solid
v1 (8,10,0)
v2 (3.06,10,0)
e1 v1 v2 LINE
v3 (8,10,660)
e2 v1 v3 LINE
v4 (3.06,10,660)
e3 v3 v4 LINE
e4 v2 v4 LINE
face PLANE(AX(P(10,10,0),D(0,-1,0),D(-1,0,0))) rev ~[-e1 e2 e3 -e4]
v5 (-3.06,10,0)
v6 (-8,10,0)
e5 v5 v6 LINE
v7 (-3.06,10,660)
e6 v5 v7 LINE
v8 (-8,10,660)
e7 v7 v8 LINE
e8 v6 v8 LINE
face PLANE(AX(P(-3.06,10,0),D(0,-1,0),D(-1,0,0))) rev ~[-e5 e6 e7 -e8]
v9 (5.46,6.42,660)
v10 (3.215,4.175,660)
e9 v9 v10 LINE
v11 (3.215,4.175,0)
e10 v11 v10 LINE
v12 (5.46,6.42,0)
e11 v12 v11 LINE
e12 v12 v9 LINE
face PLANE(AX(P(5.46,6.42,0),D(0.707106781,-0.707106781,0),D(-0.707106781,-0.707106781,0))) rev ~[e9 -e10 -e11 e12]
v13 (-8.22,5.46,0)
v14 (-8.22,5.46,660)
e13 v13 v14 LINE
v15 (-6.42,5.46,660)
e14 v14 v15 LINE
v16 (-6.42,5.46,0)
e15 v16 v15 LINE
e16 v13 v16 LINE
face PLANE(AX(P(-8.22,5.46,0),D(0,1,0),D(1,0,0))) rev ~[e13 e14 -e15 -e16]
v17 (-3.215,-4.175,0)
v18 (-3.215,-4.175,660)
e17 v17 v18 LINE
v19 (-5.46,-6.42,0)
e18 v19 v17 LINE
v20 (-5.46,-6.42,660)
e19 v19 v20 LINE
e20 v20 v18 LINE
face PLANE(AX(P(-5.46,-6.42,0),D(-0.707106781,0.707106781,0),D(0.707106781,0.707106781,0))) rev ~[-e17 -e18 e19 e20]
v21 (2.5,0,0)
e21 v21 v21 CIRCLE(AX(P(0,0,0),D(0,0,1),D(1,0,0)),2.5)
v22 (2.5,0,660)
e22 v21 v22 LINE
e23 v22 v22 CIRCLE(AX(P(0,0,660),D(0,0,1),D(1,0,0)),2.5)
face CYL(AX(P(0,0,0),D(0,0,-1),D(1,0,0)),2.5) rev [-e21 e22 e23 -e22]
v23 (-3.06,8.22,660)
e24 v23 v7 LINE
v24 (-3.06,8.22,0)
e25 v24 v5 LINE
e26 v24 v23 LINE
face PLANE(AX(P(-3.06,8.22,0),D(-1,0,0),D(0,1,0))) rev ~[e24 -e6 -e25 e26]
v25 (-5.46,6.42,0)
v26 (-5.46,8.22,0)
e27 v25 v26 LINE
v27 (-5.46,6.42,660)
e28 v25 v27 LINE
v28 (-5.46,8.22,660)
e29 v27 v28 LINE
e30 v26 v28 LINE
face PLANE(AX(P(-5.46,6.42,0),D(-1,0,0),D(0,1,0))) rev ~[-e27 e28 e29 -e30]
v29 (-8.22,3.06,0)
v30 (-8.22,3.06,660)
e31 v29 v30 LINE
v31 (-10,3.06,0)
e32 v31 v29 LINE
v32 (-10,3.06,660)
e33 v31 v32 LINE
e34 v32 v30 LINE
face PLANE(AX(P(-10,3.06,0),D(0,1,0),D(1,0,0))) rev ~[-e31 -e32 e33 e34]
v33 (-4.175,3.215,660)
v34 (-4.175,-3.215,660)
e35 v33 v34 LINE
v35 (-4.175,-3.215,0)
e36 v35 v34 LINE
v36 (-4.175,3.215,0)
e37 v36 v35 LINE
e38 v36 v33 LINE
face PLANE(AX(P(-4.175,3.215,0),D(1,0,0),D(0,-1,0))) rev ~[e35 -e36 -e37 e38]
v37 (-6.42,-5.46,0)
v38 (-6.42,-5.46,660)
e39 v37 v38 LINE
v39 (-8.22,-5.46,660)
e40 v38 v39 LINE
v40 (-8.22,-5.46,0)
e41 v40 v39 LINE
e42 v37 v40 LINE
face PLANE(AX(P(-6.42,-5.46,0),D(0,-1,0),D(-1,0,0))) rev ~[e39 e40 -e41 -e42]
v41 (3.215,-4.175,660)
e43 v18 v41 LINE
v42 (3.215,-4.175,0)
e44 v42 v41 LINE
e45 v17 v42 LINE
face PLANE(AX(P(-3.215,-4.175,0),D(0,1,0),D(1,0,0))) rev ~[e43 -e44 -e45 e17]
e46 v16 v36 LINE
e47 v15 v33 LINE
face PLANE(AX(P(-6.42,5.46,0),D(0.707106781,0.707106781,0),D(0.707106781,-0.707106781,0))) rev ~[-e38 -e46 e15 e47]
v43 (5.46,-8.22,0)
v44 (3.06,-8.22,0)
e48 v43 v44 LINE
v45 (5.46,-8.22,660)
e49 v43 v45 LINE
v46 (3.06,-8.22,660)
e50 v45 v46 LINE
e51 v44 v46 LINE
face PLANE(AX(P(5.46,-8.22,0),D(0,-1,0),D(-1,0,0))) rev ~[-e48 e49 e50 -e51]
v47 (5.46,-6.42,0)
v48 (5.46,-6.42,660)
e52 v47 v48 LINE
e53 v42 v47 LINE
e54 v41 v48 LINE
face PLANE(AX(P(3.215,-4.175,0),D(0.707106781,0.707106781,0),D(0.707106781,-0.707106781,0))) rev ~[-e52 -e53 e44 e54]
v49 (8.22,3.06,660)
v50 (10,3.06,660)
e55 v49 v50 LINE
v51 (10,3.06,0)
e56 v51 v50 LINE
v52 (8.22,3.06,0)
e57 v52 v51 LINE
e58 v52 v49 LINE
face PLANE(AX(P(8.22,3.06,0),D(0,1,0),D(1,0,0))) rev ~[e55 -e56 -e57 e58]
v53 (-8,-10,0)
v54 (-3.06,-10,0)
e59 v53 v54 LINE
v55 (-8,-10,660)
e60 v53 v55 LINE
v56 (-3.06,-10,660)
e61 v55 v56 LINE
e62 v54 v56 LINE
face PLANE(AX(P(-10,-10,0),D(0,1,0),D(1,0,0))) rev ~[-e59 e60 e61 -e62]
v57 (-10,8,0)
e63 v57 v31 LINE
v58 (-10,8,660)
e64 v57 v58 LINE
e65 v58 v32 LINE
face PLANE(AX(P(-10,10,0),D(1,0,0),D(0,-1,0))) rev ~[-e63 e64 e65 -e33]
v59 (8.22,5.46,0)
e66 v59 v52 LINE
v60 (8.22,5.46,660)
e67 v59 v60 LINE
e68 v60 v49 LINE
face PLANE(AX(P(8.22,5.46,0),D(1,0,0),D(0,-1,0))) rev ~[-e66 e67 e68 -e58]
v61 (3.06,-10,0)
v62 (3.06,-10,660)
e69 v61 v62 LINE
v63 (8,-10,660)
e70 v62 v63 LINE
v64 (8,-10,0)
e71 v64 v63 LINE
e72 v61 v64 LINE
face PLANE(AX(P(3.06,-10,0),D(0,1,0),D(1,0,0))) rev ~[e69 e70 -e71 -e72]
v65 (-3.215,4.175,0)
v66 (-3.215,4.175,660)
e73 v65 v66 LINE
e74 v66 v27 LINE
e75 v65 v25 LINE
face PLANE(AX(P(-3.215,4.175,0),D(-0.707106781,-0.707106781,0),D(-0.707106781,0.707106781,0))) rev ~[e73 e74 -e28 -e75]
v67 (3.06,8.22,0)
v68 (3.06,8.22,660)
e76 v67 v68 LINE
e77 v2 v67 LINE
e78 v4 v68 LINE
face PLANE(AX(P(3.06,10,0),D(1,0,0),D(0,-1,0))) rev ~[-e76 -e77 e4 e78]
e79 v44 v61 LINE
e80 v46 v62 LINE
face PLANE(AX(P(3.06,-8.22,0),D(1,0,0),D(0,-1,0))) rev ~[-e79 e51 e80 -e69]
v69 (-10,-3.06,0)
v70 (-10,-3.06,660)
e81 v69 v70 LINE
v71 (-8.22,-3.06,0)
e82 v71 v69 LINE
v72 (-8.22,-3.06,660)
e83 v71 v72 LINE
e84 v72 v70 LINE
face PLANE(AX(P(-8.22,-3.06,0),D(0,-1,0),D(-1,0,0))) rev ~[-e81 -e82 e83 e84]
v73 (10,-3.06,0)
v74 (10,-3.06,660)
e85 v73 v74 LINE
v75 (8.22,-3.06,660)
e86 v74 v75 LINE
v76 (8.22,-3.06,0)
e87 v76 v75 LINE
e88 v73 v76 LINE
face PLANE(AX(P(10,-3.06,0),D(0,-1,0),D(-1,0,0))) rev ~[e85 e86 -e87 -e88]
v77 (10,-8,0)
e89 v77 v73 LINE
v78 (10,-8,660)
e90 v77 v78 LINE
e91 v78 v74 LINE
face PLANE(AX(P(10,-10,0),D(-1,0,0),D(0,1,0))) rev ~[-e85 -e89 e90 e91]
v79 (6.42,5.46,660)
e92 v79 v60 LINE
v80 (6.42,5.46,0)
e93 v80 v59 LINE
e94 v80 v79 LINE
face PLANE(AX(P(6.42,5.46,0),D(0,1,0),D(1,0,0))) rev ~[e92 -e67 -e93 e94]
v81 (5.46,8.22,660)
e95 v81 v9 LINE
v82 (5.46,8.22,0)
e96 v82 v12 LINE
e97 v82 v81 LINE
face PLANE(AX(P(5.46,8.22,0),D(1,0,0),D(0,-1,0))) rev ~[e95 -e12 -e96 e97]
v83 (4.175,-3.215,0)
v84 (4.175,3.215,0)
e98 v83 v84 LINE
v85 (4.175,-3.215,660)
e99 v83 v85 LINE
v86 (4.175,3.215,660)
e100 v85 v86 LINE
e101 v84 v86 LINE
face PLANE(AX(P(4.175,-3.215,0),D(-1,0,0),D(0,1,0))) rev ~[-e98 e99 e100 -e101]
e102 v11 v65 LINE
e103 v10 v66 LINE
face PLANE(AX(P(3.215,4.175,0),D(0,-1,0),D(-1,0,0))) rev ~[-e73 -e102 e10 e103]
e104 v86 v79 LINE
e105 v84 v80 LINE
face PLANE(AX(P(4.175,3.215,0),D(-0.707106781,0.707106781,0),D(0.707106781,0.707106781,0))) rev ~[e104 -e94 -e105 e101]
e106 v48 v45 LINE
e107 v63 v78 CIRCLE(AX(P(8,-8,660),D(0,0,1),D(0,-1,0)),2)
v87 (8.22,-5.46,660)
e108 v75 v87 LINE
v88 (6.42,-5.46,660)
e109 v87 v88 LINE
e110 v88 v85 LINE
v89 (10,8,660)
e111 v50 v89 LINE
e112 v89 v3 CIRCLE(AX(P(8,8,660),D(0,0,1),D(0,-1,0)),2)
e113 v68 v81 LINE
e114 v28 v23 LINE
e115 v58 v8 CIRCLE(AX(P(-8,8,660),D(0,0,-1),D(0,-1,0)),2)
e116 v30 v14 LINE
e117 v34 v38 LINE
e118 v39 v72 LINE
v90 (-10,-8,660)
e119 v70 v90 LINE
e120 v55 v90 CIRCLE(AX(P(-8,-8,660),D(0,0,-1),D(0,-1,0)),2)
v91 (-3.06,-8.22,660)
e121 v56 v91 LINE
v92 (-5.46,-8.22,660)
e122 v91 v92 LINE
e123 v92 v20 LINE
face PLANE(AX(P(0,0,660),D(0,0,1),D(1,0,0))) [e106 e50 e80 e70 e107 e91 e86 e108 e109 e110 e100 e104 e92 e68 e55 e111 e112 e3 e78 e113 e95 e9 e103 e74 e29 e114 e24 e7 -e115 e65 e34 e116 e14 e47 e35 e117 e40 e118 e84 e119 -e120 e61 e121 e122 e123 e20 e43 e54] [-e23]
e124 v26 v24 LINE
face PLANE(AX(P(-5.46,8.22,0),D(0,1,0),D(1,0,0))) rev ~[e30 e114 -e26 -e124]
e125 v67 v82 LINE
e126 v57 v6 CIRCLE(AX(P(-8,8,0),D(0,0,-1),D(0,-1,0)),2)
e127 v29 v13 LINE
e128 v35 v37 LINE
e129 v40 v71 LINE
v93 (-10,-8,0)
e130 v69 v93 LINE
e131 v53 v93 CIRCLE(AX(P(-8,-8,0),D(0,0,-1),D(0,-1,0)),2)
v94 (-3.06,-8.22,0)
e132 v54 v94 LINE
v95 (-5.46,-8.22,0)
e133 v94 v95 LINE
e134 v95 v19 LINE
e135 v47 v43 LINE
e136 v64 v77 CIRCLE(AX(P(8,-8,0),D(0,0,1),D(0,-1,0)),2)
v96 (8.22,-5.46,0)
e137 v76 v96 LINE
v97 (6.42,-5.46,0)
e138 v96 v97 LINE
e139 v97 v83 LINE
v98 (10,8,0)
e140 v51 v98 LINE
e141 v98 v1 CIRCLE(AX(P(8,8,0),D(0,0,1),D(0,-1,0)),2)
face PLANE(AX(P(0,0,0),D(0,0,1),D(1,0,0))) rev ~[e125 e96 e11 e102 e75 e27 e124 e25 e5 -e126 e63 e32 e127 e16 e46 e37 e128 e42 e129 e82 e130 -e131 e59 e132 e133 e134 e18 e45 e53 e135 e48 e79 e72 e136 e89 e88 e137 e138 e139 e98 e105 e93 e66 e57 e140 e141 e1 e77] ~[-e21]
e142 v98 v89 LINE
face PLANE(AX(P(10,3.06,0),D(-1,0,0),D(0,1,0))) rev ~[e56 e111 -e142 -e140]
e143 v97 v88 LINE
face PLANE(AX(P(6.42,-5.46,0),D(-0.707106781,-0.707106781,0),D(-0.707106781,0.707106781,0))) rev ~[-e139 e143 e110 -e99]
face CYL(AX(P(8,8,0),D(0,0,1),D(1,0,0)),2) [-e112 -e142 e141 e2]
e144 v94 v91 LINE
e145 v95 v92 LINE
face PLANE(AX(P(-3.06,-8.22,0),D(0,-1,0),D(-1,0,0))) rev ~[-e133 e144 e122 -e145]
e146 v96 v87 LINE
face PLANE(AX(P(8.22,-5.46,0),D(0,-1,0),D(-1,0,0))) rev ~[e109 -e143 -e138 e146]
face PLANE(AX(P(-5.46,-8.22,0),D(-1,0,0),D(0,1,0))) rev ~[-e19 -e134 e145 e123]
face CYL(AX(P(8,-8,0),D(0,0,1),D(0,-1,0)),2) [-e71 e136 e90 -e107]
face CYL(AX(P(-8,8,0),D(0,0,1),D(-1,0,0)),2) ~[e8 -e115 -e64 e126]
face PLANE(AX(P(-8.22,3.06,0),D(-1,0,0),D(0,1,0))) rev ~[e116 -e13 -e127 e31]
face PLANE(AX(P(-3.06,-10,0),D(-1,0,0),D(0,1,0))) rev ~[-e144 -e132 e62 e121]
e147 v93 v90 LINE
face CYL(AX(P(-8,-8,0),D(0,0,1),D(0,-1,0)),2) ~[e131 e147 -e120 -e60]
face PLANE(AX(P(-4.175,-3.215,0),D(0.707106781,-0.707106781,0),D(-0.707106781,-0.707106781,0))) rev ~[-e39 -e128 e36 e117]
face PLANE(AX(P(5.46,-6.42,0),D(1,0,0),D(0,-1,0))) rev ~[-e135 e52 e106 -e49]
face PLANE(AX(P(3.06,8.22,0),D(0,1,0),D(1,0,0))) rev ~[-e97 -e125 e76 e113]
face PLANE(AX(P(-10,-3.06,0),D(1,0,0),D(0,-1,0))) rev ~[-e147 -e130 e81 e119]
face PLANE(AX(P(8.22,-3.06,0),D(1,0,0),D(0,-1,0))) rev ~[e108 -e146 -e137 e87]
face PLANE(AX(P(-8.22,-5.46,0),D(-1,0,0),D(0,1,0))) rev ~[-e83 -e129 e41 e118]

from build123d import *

# Parameters (mm, degrees)
SKETCH1_R           = 2.5
BOSS_EXTRUDE1_DEPTH = 660
FILLET1_R           = 2


with BuildPart() as part:
    # Sketch1 → Boss-Extrude1 (new body)
    with BuildSketch(Plane.XY):
        Polygon((-5.46, -6.42), (-3.215, -4.175), (3.215, -4.175), (5.46, -6.42), (5.46, -8.22), (3.06, -8.22), (3.06, -10), (10, -10), (10, -3.06), (8.22, -3.06), (8.22, -5.46), (6.42, -5.46), (4.175, -3.215), (4.175, 3.215), (6.42, 5.46), (8.22, 5.46), (8.22, 3.06), (10, 3.06), (10, 10), (3.06, 10), (3.06, 8.22), (5.46, 8.22), (5.46, 6.42), (3.215, 4.175), (-3.215, 4.175), (-5.46, 6.42), (-5.46, 8.22), (-3.06, 8.22), (-3.06, 10), (-10, 10), (-10, 3.06), (-8.22, 3.06), (-8.22, 5.46), (-6.42, 5.46), (-4.175, 3.215), (-4.175, -3.215), (-6.42, -5.46), (-8.22, -5.46), (-8.22, -3.06), (-10, -3.06), (-10, -10), (-3.06, -10), (-3.06, -8.22), (-5.46, -8.22), align=None)
        Circle(SKETCH1_R, mode=Mode.SUBTRACT)
    extrude(amount=BOSS_EXTRUDE1_DEPTH)

    # Fillet1
    fillet1_edges = [part.edges().sort_by_distance(p)[0] for p in [
        (10, -10, 330),
        (-10, -10, 330),
        (-10, 10, 330),
        (10, 10, 330),
    ]]
    fillet(fillet1_edges, radius=FILLET1_R)


solid = part.part
